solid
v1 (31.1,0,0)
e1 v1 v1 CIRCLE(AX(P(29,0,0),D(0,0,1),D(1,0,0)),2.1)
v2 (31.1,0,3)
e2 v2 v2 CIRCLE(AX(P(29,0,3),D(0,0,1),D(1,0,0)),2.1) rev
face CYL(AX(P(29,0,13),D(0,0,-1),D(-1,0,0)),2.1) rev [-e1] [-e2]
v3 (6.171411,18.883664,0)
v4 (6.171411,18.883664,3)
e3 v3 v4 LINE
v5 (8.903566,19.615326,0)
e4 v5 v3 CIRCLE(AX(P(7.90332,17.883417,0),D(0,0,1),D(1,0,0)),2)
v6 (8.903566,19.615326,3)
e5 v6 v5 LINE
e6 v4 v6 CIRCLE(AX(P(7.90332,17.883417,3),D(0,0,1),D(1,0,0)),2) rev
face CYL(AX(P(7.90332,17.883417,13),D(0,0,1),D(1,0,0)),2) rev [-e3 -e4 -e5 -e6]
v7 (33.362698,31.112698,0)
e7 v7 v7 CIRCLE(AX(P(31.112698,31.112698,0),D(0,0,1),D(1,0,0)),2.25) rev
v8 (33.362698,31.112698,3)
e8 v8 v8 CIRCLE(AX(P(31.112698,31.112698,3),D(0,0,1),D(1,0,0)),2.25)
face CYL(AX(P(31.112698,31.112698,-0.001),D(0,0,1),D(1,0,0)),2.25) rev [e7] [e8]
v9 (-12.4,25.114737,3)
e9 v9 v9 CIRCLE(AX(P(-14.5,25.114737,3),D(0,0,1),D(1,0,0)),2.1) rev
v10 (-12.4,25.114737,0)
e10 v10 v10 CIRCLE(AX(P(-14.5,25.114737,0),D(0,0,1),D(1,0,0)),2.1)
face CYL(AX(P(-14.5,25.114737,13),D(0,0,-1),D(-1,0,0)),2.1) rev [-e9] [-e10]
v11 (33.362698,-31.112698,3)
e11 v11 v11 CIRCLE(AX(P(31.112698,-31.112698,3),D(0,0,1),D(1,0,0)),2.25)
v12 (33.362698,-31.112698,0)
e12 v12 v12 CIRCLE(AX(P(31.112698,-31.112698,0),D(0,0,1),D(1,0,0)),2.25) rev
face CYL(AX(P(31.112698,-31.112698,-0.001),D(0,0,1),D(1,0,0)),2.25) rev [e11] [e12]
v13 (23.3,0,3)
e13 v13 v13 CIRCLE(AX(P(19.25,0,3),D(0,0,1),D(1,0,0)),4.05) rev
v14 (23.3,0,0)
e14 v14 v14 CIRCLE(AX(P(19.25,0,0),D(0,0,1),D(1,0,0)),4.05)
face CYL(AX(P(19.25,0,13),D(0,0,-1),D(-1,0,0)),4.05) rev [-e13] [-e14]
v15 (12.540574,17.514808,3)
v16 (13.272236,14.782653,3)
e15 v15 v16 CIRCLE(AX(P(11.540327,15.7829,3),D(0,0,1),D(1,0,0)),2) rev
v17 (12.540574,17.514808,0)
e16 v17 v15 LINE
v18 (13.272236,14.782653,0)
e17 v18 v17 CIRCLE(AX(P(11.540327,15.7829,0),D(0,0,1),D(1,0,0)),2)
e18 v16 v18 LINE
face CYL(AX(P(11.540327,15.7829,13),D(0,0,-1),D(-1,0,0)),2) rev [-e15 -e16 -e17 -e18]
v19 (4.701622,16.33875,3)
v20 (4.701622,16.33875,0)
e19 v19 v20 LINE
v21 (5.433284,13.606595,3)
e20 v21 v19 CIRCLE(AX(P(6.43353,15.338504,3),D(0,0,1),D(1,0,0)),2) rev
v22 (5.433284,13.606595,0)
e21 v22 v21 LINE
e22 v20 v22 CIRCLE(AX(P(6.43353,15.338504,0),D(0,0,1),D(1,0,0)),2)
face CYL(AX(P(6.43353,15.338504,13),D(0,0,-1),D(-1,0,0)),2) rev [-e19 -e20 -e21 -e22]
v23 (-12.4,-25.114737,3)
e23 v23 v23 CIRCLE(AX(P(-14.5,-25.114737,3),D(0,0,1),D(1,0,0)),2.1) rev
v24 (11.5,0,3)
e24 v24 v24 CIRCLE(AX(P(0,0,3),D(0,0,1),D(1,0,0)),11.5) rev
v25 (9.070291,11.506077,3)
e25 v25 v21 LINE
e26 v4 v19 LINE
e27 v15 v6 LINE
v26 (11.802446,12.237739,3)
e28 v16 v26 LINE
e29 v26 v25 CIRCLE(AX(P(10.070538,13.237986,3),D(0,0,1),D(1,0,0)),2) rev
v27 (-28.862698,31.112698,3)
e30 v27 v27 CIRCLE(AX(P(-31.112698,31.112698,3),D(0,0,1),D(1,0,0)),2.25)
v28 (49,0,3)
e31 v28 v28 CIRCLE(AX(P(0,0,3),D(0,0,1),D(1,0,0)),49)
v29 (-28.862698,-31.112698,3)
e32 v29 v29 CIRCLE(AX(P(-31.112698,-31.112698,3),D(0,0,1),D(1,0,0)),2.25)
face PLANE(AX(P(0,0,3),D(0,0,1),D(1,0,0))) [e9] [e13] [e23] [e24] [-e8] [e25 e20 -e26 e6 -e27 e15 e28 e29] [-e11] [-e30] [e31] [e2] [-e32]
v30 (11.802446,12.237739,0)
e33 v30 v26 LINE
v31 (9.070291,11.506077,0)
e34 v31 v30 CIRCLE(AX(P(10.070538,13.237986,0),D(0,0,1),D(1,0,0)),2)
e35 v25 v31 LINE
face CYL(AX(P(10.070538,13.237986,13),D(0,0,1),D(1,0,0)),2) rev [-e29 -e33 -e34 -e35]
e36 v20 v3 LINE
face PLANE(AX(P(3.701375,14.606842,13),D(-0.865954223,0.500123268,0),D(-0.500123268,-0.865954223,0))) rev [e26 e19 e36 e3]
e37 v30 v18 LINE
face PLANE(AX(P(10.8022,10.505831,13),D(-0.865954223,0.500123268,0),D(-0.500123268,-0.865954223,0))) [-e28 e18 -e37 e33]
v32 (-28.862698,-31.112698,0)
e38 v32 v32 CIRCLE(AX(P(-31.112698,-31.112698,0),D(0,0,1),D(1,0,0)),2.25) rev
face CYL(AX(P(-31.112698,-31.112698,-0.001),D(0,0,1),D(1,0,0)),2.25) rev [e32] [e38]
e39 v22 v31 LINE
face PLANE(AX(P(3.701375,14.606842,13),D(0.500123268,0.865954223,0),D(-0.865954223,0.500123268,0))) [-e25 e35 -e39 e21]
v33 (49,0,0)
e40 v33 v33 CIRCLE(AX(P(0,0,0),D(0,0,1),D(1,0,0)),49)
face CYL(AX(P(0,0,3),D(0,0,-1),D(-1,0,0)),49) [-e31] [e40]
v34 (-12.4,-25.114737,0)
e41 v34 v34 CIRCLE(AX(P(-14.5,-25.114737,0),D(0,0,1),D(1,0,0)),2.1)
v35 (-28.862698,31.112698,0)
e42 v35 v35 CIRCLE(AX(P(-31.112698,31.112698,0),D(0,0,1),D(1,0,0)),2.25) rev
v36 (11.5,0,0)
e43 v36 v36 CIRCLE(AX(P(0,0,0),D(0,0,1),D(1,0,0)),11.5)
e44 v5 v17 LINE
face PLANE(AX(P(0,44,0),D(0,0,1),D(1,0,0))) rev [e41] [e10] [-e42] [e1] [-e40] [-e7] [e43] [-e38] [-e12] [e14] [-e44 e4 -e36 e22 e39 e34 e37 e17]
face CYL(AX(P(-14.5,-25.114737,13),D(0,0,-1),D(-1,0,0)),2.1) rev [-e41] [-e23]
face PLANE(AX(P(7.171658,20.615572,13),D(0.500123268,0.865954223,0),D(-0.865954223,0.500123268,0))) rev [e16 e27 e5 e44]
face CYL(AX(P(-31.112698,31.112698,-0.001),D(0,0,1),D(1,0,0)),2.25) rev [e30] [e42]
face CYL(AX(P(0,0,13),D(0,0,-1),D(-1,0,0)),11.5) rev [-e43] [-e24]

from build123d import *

# Parameters (mm, degrees)
SKETCH_1_R          = 1.6
EXTRUDE_4_DEPTH     = 13
EXTRUDE_4_2_DEPTH   = 13
EXTRUDE_4_3_DEPTH   = 13
EXTRUDE_4_4_DEPTH   = 13
SKETCH_1_R_2        = 2.1
EXTRUDE_4_5_DEPTH   = 13
EXTRUDE_4_6_DEPTH   = 13
EXTRUDE_4_7_DEPTH   = 13
SKETCH_8_R          = 49
EXTRUDE_5_DEPTH     = 3
SKETCH_9_R          = 2.1
CUT_EXTRUDE_2_DEPTH = 13
SKETCH_3_R          = 8.6
CUT_EXTRUDE_3_DEPTH = 13
SKETCH_6_R          = 4.05
CUT_EXTRUDE_4_DEPTH = 13
CUT_EXTRUDE_5_DEPTH = 13
SKETCH_2_R          = 11.5
CUT_EXTRUDE_6_DEPTH = 13
FILLET_1_R          = 2
CUT_EXTRUDE_7_REACH = 71.361
SKETCH_10_R         = 2.25
EXTRUDE_START       = -3
SKETCH_11_R         = 2.1
EXTRUDE_6_DEPTH     = 3


with BuildPart() as part:
    # 草图1 → 凸台-拉伸4 (new body)
    with BuildSketch(Plane.XY):
        with Locations((0, 44)):
            Circle(SKETCH_1_R)
    extrude(amount=EXTRUDE_4_DEPTH)



with BuildPart() as body_2:
    # 草图1 → Extrude 4 2 (new body)
    with BuildSketch(Plane.XY):
        with Locations((44, 0)):
            Circle(SKETCH_1_R)
    extrude(amount=EXTRUDE_4_2_DEPTH)


with BuildPart() as body_3:
    # 草图1 → Extrude 4 3 (new body)
    with BuildSketch(Plane.XY):
        with Locations((0, -44)):
            Circle(SKETCH_1_R)
    extrude(amount=EXTRUDE_4_3_DEPTH)


with BuildPart() as body_4:
    # 草图1 → Extrude 4 4 (new body)
    with BuildSketch(Plane.XY):
        with Locations((-44, 0)):
            Circle(SKETCH_1_R)
    extrude(amount=EXTRUDE_4_4_DEPTH)


with BuildPart() as body_5:
    # 草图1 → Extrude 4 5 (new body)
    with BuildSketch(Plane.XY):
        with Locations((29, 0)):
            Circle(SKETCH_1_R_2)
    extrude(amount=EXTRUDE_4_5_DEPTH)


with BuildPart() as body_6:
    # 草图1 → Extrude 4 6 (new body)
    with BuildSketch(Plane.XY):
        with Locations((-14.5, 25.11473671)):
            Circle(SKETCH_1_R_2)
    extrude(amount=EXTRUDE_4_6_DEPTH)


with BuildPart() as body_7:
    # 草图1 → Extrude 4 7 (new body)
    with BuildSketch(Plane.XY):
        with Locations((-14.5, -25.11473671)):
            Circle(SKETCH_1_R_2)
    extrude(amount=EXTRUDE_4_7_DEPTH)


with BuildPart() as part_1:
    add(part.part)

    add(body_2.part)  # 凸台-拉伸5 merges body 2

    add(body_3.part)  # 凸台-拉伸5 merges body 3

    add(body_4.part)  # 凸台-拉伸5 merges body 4

    add(body_5.part)  # 凸台-拉伸5 merges body 5

    add(body_6.part)  # 凸台-拉伸5 merges body 6

    add(body_7.part)  # 凸台-拉伸5 merges body 7
    # 草图8 → 凸台-拉伸5 (add)
    with BuildSketch(Plane.XY):
        Circle(SKETCH_8_R)
    extrude(amount=EXTRUDE_5_DEPTH)

    # 草图9 → 切除-拉伸2 (cut)
    with BuildSketch(Plane.XY):
        with Locations((0, 44)):
            Circle(SKETCH_9_R)
        with Locations((44, 0)):
            Circle(SKETCH_9_R)
        with Locations((0, -44)):
            Circle(SKETCH_9_R)
        with Locations((-44, 0)):
            Circle(SKETCH_9_R)
        with Locations((-14.5, 25.11473671)):
            Circle(SKETCH_9_R)
        with Locations((-14.5, -25.11473671)):
            Circle(SKETCH_9_R)
        with Locations((29, 0)):
            Circle(SKETCH_9_R)
    extrude(amount=CUT_EXTRUDE_2_DEPTH, mode=Mode.SUBTRACT)

    # 草图3 → 切除-拉伸3 (cut)
    with BuildSketch(Plane.XY):
        Circle(SKETCH_3_R)
    extrude(amount=CUT_EXTRUDE_3_DEPTH, mode=Mode.SUBTRACT)

    # 草图6 → 切除-拉伸4 (cut)
    with BuildSketch(Plane.XY):
        with Locations((19.25, 0)):
            Circle(SKETCH_6_R)
    extrude(amount=CUT_EXTRUDE_4_DEPTH, mode=Mode.SUBTRACT)

    # 草图7 → 切除-拉伸5 (cut)
    with BuildSketch(Plane.XY):
        Polygon((10.802199699, 10.505830841), (14.272482459, 16.5145615), (7.171657827, 20.615572296), (3.701375067, 14.606841637), align=None)
    extrude(amount=CUT_EXTRUDE_5_DEPTH, mode=Mode.SUBTRACT)

    # 草图2 → 切除-拉伸6 (cut)
    with BuildSketch(Plane.XY):
        Circle(SKETCH_2_R)
    extrude(amount=CUT_EXTRUDE_6_DEPTH, mode=Mode.SUBTRACT)

    # 圆角1
    fillet_1_edges = [part_1.edges().sort_by_distance(p)[0] for p in [
        (7.171657827, 20.615572296, 1.5),
        (3.701375067, 14.606841637, 1.5),
        (10.802199699, 10.505830841, 1.5),
        (14.272482459, 16.5145615, 1.5),
    ]]
    fillet(fillet_1_edges, radius=FILLET_1_R)

    # 草图10 → 切除-拉伸7 (cut, up to next)
    with BuildSketch(Plane.XY.offset(3), mode=Mode.PRIVATE) as cut_extrude_7_sk1:
        with Locations((-31.112698372, 31.112698372)):
            Circle(SKETCH_10_R)
    cut_extrude_7_tool1 = extrude(cut_extrude_7_sk1.sketch, amount=-CUT_EXTRUDE_7_REACH, mode=Mode.PRIVATE) & part_1.part
    # 草图10 → 切除-拉伸7 (cut, up to next)
    with BuildSketch(Plane.XY.offset(3), mode=Mode.PRIVATE) as cut_extrude_7_sk2:
        with Locations((31.112698372, 31.112698372)):
            Circle(SKETCH_10_R)
    cut_extrude_7_tool2 = extrude(cut_extrude_7_sk2.sketch, amount=-CUT_EXTRUDE_7_REACH, mode=Mode.PRIVATE) & part_1.part
    # 草图10 → 切除-拉伸7 (cut, up to next)
    with BuildSketch(Plane.XY.offset(3), mode=Mode.PRIVATE) as cut_extrude_7_sk3:
        with Locations((31.112698372, -31.112698372)):
            Circle(SKETCH_10_R)
    cut_extrude_7_tool3 = extrude(cut_extrude_7_sk3.sketch, amount=-CUT_EXTRUDE_7_REACH, mode=Mode.PRIVATE) & part_1.part
    # 草图10 → 切除-拉伸7 (cut, up to next)
    with BuildSketch(Plane.XY.offset(3), mode=Mode.PRIVATE) as cut_extrude_7_sk4:
        with Locations((-31.112698372, -31.112698372)):
            Circle(SKETCH_10_R)
    cut_extrude_7_tool4 = extrude(cut_extrude_7_sk4.sketch, amount=-CUT_EXTRUDE_7_REACH, mode=Mode.PRIVATE) & part_1.part
    add(cut_extrude_7_tool1.solids().sort_by_distance((-31.112698, 31.112698, 3))[0], mode=Mode.SUBTRACT)
    add(cut_extrude_7_tool2.solids().sort_by_distance((31.112698, 31.112698, 3))[0], mode=Mode.SUBTRACT)
    add(cut_extrude_7_tool3.solids().sort_by_distance((31.112698, -31.112698, 3))[0], mode=Mode.SUBTRACT)
    add(cut_extrude_7_tool4.solids().sort_by_distance((-31.112698, -31.112698, 3))[0], mode=Mode.SUBTRACT)

    # 草图11 → 凸台-拉伸6 (add)
    with BuildSketch(Plane.XY.offset(3).offset(EXTRUDE_START)):
        with Locations((-44, 0)):
            Circle(SKETCH_11_R)
        with Locations((0, -44)):
            Circle(SKETCH_11_R)
        with Locations((44, 0)):
            Circle(SKETCH_11_R)
        with Locations((0, 44)):
            Circle(SKETCH_11_R)
    extrude(amount=EXTRUDE_6_DEPTH)


solid = part_1.part
